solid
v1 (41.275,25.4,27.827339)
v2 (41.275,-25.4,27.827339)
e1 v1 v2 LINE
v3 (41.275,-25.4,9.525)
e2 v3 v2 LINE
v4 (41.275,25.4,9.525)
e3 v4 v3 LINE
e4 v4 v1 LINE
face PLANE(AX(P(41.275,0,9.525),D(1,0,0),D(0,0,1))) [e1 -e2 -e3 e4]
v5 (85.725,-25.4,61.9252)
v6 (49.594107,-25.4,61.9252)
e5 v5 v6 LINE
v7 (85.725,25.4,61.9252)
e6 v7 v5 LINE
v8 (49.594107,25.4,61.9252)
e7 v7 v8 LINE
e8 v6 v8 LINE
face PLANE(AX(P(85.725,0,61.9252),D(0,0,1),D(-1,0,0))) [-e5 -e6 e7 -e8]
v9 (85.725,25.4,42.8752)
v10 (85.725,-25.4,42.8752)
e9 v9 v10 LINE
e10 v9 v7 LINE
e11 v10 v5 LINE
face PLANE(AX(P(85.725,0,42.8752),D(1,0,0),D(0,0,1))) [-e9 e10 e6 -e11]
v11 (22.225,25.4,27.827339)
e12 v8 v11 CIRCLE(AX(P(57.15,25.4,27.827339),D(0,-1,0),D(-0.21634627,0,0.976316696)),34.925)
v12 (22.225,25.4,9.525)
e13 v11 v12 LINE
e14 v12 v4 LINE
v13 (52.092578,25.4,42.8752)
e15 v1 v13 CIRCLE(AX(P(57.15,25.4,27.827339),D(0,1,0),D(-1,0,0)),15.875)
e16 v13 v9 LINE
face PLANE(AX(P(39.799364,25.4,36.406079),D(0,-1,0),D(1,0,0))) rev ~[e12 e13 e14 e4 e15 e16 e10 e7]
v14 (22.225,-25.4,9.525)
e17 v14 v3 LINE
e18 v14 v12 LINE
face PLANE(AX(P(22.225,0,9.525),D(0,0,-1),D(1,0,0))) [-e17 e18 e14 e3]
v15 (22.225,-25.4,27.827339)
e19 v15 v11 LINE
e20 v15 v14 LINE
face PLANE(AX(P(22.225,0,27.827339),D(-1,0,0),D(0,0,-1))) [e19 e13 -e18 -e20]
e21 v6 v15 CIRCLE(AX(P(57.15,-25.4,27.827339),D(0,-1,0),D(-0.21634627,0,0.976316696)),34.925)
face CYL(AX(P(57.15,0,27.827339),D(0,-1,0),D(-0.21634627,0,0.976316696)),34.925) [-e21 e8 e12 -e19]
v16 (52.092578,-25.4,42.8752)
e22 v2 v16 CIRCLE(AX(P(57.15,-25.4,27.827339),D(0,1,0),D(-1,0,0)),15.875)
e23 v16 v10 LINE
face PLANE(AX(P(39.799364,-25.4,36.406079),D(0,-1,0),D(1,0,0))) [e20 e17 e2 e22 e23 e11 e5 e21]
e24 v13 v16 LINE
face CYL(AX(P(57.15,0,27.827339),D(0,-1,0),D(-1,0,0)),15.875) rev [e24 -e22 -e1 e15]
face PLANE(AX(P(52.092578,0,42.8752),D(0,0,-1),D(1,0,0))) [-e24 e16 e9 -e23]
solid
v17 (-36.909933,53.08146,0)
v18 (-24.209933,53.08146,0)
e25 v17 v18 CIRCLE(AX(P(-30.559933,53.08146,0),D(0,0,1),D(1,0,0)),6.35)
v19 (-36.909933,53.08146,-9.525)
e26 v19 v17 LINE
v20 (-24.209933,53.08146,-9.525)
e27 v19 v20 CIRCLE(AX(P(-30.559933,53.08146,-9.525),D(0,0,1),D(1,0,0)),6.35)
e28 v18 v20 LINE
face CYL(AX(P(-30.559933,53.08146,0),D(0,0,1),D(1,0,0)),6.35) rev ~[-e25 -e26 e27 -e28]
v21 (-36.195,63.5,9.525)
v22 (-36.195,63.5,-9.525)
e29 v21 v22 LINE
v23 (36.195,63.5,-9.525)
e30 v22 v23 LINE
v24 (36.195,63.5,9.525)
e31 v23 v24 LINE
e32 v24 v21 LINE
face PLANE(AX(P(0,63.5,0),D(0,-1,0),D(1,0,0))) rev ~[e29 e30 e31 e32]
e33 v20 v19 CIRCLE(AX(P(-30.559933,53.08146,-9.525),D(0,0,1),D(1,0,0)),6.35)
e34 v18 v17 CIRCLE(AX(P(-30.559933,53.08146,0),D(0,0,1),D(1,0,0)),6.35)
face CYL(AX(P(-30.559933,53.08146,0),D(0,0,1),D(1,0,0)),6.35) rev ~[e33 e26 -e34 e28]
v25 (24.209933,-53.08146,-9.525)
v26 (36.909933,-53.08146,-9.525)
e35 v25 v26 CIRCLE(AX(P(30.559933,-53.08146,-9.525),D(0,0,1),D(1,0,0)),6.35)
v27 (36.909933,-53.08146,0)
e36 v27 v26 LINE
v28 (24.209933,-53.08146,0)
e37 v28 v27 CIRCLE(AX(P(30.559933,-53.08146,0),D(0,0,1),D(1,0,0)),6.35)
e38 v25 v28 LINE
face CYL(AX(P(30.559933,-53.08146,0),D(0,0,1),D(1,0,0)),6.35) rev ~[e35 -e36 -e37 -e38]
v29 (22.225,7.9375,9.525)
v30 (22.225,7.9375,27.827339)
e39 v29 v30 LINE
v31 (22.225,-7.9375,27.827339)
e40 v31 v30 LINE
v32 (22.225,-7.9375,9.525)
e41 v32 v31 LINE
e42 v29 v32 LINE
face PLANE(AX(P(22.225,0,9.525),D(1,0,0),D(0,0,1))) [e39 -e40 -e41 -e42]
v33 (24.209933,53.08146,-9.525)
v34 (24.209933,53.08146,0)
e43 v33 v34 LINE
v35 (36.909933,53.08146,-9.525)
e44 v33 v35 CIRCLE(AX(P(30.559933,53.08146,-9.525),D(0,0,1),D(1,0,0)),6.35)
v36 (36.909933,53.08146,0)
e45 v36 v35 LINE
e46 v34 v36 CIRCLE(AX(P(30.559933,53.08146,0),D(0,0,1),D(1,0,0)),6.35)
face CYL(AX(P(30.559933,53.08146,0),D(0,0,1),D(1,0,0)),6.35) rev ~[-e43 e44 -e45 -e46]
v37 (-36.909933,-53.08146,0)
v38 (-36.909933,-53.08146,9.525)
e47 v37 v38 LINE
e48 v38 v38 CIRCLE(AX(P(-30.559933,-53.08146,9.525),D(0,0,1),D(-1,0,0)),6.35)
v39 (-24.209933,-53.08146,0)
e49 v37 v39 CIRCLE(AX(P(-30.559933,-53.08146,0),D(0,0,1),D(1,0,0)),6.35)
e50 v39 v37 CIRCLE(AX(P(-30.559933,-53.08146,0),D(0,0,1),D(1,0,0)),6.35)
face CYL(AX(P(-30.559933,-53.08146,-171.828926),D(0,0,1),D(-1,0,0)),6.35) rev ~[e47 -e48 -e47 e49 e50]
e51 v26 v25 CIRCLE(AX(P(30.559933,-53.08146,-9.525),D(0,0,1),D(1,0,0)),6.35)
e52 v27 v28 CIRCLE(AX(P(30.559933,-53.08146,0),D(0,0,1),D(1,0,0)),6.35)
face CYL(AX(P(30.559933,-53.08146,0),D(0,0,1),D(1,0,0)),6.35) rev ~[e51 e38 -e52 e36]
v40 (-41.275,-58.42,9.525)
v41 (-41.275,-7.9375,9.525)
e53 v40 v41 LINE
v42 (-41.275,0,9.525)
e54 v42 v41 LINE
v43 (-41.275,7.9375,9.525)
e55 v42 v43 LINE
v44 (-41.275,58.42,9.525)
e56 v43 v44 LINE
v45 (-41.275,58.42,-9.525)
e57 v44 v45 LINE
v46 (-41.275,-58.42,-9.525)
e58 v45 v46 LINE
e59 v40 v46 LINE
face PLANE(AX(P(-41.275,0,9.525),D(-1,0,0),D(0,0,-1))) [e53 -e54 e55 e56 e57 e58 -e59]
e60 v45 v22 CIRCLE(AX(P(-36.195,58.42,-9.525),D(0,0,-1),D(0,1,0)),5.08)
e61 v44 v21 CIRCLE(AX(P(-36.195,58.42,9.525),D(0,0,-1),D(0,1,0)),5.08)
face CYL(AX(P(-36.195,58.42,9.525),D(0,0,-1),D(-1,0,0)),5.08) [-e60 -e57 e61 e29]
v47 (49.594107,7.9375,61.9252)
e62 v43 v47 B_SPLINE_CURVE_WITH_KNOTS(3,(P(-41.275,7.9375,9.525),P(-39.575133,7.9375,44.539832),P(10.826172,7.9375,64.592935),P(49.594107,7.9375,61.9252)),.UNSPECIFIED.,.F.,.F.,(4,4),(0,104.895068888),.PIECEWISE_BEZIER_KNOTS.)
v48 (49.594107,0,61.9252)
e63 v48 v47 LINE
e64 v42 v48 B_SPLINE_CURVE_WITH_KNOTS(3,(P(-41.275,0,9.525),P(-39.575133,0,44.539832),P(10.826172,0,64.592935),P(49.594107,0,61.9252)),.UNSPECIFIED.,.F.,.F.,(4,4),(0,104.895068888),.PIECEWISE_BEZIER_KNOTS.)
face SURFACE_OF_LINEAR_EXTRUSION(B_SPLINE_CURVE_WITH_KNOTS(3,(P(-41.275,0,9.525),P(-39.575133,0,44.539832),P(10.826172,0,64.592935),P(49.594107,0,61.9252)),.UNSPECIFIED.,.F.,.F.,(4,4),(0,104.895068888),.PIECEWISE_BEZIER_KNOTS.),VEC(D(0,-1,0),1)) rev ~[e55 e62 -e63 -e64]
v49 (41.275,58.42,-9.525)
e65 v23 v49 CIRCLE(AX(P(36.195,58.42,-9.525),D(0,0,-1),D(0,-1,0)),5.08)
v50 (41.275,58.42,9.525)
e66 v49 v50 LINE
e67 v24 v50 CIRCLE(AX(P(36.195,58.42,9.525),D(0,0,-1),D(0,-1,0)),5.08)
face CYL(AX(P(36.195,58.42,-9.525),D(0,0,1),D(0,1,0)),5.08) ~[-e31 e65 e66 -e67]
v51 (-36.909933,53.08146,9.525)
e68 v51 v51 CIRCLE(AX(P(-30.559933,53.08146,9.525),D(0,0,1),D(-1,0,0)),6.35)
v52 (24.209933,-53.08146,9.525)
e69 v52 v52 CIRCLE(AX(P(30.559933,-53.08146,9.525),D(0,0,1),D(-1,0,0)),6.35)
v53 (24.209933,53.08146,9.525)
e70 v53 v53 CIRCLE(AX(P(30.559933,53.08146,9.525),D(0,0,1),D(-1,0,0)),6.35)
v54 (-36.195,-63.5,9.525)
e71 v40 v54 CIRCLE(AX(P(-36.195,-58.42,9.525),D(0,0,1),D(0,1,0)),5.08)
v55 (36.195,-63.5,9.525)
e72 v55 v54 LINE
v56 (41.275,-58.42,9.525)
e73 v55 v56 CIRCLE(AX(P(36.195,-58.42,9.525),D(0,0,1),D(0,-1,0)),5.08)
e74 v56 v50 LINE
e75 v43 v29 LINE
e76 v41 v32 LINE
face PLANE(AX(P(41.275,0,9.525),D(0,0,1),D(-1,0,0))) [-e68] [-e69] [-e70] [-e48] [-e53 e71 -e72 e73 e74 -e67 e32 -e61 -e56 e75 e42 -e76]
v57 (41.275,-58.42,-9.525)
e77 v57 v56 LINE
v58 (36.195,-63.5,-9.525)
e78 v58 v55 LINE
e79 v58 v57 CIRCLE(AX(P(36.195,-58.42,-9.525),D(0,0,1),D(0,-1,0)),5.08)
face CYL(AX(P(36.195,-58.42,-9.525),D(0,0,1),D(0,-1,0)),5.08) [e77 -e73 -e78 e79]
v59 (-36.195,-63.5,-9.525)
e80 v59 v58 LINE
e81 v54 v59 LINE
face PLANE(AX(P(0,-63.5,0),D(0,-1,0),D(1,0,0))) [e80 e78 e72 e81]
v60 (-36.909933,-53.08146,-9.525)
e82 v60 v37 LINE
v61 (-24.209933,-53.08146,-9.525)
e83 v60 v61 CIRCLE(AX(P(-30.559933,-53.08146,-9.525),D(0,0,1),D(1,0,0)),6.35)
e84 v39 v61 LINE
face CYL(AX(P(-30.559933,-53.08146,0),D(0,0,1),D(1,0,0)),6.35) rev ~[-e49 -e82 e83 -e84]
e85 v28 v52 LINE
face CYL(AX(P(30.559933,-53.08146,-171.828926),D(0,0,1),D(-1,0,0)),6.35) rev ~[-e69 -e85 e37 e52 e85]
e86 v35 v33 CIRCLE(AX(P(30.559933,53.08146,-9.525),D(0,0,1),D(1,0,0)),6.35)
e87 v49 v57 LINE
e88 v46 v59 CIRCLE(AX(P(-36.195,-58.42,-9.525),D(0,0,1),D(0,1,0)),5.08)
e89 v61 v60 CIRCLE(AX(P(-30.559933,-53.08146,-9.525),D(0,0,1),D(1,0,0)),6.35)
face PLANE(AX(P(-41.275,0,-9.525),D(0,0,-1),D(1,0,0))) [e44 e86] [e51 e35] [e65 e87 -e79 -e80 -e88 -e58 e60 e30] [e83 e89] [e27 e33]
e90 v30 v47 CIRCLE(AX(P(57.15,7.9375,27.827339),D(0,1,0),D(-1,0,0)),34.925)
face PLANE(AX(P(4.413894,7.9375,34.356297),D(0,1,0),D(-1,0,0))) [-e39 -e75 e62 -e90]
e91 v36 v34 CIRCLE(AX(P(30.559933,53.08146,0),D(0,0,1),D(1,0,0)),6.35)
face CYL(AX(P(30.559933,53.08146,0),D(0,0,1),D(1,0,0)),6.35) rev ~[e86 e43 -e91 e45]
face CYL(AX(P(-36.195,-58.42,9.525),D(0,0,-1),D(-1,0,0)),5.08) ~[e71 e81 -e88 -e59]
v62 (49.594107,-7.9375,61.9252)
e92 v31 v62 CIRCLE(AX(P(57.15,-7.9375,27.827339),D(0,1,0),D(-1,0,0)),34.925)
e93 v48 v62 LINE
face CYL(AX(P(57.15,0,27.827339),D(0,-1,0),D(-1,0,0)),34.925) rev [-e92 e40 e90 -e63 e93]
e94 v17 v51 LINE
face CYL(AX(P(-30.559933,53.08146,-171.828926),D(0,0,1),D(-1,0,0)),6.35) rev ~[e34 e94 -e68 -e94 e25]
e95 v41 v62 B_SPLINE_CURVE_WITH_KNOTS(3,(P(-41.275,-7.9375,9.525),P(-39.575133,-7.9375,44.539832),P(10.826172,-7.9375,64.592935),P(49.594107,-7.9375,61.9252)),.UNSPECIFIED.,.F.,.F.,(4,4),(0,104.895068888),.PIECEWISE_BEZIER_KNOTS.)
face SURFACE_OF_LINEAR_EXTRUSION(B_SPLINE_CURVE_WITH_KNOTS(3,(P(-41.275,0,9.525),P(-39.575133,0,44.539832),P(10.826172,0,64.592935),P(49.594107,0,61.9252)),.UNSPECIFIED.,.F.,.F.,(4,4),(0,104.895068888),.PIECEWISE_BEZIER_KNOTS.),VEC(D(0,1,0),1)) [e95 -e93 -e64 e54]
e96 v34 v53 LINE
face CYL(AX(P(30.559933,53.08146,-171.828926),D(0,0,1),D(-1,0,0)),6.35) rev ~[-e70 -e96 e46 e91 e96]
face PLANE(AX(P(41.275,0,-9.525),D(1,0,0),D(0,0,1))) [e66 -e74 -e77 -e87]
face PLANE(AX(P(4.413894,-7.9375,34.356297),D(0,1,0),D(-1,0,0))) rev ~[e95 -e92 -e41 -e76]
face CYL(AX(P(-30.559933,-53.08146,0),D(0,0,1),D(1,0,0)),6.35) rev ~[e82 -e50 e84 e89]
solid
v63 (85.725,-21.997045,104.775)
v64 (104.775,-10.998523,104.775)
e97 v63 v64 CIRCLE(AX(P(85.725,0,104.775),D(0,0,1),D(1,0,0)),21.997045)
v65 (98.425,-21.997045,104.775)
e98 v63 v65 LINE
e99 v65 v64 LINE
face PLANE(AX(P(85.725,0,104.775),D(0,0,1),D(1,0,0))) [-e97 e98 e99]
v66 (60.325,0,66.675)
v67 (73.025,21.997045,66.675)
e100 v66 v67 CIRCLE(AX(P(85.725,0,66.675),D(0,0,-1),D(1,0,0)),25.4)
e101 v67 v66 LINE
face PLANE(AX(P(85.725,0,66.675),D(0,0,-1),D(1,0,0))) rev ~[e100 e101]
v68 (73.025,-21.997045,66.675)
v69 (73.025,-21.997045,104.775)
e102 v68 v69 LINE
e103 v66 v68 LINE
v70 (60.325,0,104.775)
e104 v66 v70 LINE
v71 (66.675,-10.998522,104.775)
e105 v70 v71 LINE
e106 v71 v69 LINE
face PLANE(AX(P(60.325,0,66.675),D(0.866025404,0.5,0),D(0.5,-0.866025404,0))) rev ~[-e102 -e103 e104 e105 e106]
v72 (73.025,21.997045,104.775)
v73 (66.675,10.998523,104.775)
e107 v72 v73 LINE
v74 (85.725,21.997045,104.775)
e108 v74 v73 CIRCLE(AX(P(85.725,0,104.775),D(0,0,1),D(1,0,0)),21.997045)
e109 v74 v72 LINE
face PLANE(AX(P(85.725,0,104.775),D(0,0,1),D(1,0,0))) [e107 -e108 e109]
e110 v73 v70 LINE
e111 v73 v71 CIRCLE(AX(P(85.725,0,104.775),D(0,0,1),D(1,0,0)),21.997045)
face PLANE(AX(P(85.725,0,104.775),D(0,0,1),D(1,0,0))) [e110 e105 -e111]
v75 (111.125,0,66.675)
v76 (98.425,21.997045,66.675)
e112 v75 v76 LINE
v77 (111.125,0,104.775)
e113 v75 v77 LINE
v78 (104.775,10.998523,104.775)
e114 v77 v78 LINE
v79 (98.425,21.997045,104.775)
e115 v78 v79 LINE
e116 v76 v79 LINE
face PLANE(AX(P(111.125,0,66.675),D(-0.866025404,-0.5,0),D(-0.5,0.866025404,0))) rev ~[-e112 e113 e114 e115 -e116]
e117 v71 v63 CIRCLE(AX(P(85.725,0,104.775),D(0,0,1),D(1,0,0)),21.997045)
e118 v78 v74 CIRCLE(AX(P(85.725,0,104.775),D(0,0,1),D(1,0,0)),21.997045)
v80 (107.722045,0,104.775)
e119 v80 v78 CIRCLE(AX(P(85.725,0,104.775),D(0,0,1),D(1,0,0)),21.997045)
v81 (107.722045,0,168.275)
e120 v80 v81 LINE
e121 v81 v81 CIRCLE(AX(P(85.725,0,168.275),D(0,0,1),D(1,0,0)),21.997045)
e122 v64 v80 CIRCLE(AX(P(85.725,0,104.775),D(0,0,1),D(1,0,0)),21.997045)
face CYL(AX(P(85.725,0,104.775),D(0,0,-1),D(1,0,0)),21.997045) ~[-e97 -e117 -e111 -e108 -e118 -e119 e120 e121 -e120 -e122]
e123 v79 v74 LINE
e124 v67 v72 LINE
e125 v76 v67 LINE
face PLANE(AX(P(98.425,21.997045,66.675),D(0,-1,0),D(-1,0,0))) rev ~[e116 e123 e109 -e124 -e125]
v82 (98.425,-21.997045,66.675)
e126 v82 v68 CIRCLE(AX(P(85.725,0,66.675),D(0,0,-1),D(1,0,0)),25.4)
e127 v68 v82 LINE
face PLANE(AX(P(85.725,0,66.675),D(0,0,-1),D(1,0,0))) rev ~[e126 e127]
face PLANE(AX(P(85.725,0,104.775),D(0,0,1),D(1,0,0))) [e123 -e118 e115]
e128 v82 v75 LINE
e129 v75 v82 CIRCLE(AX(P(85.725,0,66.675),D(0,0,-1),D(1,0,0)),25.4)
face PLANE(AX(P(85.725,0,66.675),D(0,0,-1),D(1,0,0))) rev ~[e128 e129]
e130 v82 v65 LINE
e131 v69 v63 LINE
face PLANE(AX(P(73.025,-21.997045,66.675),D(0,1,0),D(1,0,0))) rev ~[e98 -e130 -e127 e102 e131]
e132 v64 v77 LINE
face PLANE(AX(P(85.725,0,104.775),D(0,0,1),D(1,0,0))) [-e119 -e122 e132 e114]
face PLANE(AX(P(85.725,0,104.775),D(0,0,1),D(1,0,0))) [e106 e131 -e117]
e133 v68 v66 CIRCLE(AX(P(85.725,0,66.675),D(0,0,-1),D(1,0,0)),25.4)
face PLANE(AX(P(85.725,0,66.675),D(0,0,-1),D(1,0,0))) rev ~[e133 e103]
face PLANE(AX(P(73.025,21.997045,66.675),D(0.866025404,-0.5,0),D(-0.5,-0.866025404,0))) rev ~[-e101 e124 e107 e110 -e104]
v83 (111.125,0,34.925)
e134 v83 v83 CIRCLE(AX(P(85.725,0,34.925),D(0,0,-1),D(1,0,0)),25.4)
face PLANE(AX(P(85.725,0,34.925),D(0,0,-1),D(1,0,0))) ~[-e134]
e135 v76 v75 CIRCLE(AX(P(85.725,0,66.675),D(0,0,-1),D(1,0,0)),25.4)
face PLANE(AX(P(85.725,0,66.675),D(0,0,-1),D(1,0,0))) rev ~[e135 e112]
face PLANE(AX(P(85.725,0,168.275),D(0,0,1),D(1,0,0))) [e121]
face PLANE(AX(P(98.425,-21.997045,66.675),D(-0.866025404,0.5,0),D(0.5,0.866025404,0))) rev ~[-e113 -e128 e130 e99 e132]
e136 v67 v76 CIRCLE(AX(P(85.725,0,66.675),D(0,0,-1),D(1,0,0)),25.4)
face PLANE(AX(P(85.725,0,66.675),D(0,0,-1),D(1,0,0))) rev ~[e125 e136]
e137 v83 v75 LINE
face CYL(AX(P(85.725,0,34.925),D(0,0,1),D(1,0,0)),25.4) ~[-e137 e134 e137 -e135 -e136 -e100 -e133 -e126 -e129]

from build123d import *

# Parameters (mm, degrees)
F1_DEPTH  = 63.5
F0_W      = 25.4
F0_H      = 19.05
F2_DEPTH  = 25.4
F3_DEPTH  = 7.9375
F5_R      = 5.08
F7_D      = 12.7
F7_DEPTH  = 9.526
F8_D      = 12.7
F10_DEPTH = 38.1
F11_R     = 21.9970452561
F12_DEPTH = 63.5


with BuildPart() as f1:
    # F0 (on Front) → F1 (new body, symmetric)
    with BuildSketch(Plane.XZ):
        Polygon((-41.275, 9.525), (-41.275, -9.525), (41.275, -9.525), (41.275, 9.525), (22.225, 9.525), align=None)
    extrude(amount=F1_DEPTH, both=True)

    # F0 (on Front) → F3 (join, symmetric)
    with BuildSketch(Plane.XZ):
        with BuildLine():
            add(Edge.make_bspline(
                [(-41.275, 9.525), (-39.5751334727, 44.5398315787), (10.8261717876, 64.5929351449), (49.5941065045, 61.9252)],
                knots=[0, 0, 0, 0, 104.8950688877, 104.8950688877, 104.8950688877, 104.8950688877], degree=3))
            Line((-41.275, 9.525), (22.225, 9.525))
            Line((22.225, 9.525), (22.225, 27.8273393855))
            ThreePointArc((22.225, 27.8273393855), (29.9135794814, 49.6890186974), (49.5941065045, 61.9252))
        make_face()
    extrude(amount=F3_DEPTH, both=True)

    # F5
    f5_edges = [f1.edges().sort_by_distance(p)[0] for p in [
        (41.275, -63.5, 0),
        (-41.275, -63.5, 0),
        (41.275, 63.5, 0),
        (-41.275, 63.5, 0),
    ]]
    fillet(f5_edges, radius=F5_R)

    # F7 (through all, one way)
    with BuildSketch(Plane.XY):
        with Locations((30.559932813, 53.0814602971), (-30.559932813, 53.0814602971), (-30.559932813, -53.0814602971), (30.559932813, -53.0814602971)):
            Circle(F7_D / 2)
    extrude(amount=-F7_DEPTH, mode=Mode.SUBTRACT)

    # F8 (through all)
    with Locations(Plane(origin=(0, 0, 0), x_dir=(1, 0, 0), z_dir=(0, 0, -1))):
        with Locations((-30.559932813, -53.0814602971), (30.559932813, -53.0814602971), (-30.559932813, 53.0814602971), (30.559932813, 53.0814602971)):
            Hole(F8_D / 2)


with BuildPart() as f2:
    # F0 (on Front) → F2 (new body, symmetric)
    with BuildSketch(Plane.XZ):
        with BuildLine():
            Line((22.225, 9.525), (41.275, 9.525))
            Line((41.275, 9.525), (41.275, 27.8273393855))
            ThreePointArc((41.275, 27.8273393855), (44.2600388457, 37.0936507574), (52.0925781343, 42.8752))
            Line((52.0925781343, 42.8752), (60.325, 42.8752))
            Line((60.325, 42.8752), (60.325, 61.9252))
            Line((60.325, 61.9252), (49.5941065045, 61.9252))
            ThreePointArc((49.5941065045, 61.9252), (29.9135794814, 49.6890186974), (22.225, 27.8273393855))
            Line((22.225, 27.8273393855), (22.225, 9.525))
        make_face()
        with Locations((73.025, 52.4002)):
            Rectangle(F0_W, F0_H)
    extrude(amount=F2_DEPTH, both=True)


with BuildPart() as f4:
    # F0 (on Front) → F4 (revolve)
    with BuildSketch(Plane.XZ):
        Polygon((85.725, 66.675), (85.725, 61.9252), (85.725, 42.8752), (85.725, 34.925), (111.125, 34.925), (111.125, 66.675), align=None)
    revolve(axis=Axis((85.725, 0, 50.8), (0, 0, -1)))

    # F9 (on face) → F10 (join)
    with BuildSketch(Plane.XY.offset(66.675)):
        Polygon((98.425, -21.9970452561), (111.125, 0), (98.425, 21.9970452561), (73.025, 21.9970452561), (60.325, 0), (73.025, -21.9970452561), align=None)
    extrude(amount=F10_DEPTH)

    # F11 (on face) → F12 (join)
    with BuildSketch(Plane.XY.offset(104.775)):
        with Locations((85.725, 0)):
            Circle(F11_R)
    extrude(amount=F12_DEPTH)


solid = Compound([f1.part, f2.part, f4.part])
